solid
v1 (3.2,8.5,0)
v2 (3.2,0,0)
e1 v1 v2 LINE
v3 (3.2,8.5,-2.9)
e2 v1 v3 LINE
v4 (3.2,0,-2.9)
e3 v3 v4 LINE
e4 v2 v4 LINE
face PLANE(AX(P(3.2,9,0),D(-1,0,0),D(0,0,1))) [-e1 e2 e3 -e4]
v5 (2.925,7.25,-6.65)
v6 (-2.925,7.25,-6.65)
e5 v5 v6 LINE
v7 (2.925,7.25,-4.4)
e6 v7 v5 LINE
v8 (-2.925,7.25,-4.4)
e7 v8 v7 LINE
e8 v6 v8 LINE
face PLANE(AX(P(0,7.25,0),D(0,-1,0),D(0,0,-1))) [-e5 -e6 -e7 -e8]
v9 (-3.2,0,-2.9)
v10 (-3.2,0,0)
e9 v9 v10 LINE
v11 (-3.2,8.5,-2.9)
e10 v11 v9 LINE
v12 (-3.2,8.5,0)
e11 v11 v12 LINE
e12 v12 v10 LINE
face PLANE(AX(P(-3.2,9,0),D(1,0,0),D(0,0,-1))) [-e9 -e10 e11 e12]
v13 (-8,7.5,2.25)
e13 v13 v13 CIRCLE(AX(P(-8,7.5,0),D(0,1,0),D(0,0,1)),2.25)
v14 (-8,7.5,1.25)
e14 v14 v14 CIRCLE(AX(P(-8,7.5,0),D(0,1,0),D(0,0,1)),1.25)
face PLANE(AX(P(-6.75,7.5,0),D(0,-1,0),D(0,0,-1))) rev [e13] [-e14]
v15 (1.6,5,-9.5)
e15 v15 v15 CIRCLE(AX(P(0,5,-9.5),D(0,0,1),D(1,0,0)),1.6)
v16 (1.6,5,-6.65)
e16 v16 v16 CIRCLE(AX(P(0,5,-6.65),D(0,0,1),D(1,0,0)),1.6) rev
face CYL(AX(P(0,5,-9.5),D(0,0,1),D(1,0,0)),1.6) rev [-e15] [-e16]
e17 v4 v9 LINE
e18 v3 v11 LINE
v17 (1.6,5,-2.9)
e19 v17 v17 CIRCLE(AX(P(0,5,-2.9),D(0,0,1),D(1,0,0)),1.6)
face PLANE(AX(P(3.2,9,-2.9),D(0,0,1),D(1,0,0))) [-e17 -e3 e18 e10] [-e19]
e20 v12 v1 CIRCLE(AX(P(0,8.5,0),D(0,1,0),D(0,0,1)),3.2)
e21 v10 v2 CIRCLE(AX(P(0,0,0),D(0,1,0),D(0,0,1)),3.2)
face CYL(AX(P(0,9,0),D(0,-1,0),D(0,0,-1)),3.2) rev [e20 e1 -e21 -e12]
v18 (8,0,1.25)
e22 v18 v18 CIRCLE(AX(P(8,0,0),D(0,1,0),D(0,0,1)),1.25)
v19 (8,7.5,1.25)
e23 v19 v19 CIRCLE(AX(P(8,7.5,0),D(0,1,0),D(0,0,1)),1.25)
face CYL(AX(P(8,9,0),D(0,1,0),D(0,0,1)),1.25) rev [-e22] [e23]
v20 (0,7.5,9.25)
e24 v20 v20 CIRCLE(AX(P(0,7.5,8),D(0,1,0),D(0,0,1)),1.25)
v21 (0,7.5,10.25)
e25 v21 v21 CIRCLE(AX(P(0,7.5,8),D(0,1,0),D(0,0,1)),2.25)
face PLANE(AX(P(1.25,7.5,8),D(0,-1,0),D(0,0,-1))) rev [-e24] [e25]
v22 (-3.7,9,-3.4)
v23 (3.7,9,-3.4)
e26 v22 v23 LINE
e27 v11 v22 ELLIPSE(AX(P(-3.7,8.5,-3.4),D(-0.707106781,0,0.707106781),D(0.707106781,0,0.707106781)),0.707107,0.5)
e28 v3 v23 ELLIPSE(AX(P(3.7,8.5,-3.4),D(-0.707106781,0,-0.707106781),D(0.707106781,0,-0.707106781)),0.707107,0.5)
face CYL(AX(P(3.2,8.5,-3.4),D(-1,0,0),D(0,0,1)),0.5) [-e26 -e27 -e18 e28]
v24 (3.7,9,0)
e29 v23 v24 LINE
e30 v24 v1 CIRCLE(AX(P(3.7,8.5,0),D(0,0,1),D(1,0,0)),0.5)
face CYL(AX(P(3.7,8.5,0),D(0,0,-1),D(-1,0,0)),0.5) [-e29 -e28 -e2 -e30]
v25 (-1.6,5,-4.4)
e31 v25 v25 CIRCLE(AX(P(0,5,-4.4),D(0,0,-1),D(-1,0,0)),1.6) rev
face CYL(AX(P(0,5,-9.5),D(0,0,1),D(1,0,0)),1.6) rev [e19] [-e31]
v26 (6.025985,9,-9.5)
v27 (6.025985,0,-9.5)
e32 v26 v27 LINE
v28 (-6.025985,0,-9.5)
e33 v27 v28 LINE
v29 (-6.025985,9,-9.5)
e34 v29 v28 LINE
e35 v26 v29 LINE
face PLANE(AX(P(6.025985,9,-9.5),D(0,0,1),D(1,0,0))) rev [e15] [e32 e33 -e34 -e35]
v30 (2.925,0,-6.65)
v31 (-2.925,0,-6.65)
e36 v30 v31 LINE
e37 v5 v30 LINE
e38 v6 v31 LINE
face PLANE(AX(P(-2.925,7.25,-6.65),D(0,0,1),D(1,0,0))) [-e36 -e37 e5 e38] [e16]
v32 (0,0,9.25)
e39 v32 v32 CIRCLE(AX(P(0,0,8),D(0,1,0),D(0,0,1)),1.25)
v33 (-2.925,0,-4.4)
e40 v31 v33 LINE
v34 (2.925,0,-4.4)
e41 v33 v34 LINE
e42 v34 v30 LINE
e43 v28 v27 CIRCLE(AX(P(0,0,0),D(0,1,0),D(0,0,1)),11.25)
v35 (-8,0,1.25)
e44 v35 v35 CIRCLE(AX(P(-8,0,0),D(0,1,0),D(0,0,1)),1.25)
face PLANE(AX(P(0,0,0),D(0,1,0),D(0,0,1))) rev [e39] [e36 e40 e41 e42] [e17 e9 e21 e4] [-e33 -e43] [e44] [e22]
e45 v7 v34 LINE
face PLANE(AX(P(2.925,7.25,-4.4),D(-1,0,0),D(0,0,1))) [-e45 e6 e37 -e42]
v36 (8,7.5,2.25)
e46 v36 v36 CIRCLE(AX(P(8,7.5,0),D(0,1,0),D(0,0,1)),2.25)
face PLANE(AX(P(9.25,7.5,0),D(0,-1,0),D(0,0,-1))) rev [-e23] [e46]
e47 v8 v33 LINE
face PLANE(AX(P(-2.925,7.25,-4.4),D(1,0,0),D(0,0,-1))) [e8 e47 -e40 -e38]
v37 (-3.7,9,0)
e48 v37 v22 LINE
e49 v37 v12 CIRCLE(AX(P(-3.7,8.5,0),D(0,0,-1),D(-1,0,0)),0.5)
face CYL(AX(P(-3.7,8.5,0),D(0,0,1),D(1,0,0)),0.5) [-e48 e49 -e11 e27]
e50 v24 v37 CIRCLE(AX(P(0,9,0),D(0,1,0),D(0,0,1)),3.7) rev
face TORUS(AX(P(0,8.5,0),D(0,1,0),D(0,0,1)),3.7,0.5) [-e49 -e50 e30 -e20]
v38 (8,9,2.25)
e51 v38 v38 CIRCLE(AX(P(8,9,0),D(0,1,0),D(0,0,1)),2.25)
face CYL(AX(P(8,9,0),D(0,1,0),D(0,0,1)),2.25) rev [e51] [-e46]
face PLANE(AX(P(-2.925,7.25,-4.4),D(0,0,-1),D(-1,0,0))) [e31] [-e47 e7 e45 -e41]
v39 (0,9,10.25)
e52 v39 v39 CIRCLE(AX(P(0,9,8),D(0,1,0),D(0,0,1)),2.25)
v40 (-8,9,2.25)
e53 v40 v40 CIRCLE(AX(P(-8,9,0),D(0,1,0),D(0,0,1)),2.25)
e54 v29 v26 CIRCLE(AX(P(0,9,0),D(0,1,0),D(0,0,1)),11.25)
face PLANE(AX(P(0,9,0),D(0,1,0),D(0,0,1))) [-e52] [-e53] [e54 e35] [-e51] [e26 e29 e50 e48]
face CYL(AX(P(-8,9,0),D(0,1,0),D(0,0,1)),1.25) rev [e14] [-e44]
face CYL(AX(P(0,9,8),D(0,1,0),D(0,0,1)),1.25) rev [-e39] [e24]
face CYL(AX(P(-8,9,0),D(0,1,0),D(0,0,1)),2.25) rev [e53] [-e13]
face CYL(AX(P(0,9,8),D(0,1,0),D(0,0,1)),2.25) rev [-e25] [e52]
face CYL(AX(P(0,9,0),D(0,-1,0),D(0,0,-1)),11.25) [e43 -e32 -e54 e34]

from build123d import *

# Parameters (mm, degrees)
BOSS_EXTRU_1_DEPTH                              = 9
CHAMBRAGE_POUR_VIS_T_TE_CYLINDRIQUE_D           = 2.5
CHAMBRAGE_POUR_VIS_T_TE_CYLINDRIQUE_CBORE_D     = 4.5
CHAMBRAGE_POUR_VIS_T_TE_CYLINDRIQUE_CBORE_DEPTH = 1.5
CONG_1_R                                        = 0.5
ESQUISSE6_R                                     = 1.6
ENL_V_MAT_EXTRU_1_DEPTH                         = 19.27908646
ESQUISSE7_W                                     = 5.85
ESQUISSE7_H                                     = 2.25
ENL_V_MAT_EXTRU_2_DEPTH                         = 7.25


with BuildPart() as part:
    # Esquisse1 → Boss.-Extru.1 (new body)
    with BuildSketch(Plane(origin=(0, 0, 0), x_dir=(1, 0, 0), z_dir=(0, 1, 0))):
        with BuildLine():
            Line((6.025985397, 9.5), (-6.025985397, 9.5))
            ThreePointArc((-6.025985397, 9.5), (0, -11.25), (6.025985397, 9.5))
        make_face()
        with BuildLine():
            Line((-3.2, 0), (-3.2, 2.9))
            Line((-3.2, 2.9), (3.2, 2.9))
            Line((3.2, 2.9), (3.2, 0))
            ThreePointArc((3.2, 0), (0, -3.2), (-3.2, 0))
        make_face(mode=Mode.SUBTRACT)
    extrude(amount=BOSS_EXTRU_1_DEPTH)

    # Chambrage pour vis à tête cylindrique à 6 pans creux (ou vis CHC) M21 (through all)
    with Locations(Plane(origin=(0, 9, 0), x_dir=(1, 0, 0), z_dir=(0, 1, 0))):
        with Locations((8, 0), (-8, 0), (0, 0), (0, -8)):
            CounterBoreHole(CHAMBRAGE_POUR_VIS_T_TE_CYLINDRIQUE_D / 2, CHAMBRAGE_POUR_VIS_T_TE_CYLINDRIQUE_CBORE_D / 2, CHAMBRAGE_POUR_VIS_T_TE_CYLINDRIQUE_CBORE_DEPTH)

    # Congé1
    cong_1_edges = [part.edges().sort_by_distance(p)[0] for p in [
        (0, 9, 3.2),
        (3.2, 9, -1.45),
        (0, 9, -2.9),
        (-3.2, 9, -1.45),
    ]]
    fillet(cong_1_edges, radius=CONG_1_R)

    # Esquisse6 → Enlèv. mat.-Extru.1 (cut, through all)
    with BuildSketch(Plane.XY):
        with Locations((0, 5)):
            Circle(ESQUISSE6_R)
    extrude(amount=-ENL_V_MAT_EXTRU_1_DEPTH, mode=Mode.SUBTRACT)

    # Esquisse7 → Enlèv. mat.-Extru.2 (cut)
    with BuildSketch(Plane(origin=(0, 0, 0), x_dir=(1, 0, 0), z_dir=(0, 1, 0))):
        with Locations((0, 5.525)):
            Rectangle(ESQUISSE7_W, ESQUISSE7_H)
    extrude(amount=ENL_V_MAT_EXTRU_2_DEPTH, mode=Mode.SUBTRACT)


solid = part.part
